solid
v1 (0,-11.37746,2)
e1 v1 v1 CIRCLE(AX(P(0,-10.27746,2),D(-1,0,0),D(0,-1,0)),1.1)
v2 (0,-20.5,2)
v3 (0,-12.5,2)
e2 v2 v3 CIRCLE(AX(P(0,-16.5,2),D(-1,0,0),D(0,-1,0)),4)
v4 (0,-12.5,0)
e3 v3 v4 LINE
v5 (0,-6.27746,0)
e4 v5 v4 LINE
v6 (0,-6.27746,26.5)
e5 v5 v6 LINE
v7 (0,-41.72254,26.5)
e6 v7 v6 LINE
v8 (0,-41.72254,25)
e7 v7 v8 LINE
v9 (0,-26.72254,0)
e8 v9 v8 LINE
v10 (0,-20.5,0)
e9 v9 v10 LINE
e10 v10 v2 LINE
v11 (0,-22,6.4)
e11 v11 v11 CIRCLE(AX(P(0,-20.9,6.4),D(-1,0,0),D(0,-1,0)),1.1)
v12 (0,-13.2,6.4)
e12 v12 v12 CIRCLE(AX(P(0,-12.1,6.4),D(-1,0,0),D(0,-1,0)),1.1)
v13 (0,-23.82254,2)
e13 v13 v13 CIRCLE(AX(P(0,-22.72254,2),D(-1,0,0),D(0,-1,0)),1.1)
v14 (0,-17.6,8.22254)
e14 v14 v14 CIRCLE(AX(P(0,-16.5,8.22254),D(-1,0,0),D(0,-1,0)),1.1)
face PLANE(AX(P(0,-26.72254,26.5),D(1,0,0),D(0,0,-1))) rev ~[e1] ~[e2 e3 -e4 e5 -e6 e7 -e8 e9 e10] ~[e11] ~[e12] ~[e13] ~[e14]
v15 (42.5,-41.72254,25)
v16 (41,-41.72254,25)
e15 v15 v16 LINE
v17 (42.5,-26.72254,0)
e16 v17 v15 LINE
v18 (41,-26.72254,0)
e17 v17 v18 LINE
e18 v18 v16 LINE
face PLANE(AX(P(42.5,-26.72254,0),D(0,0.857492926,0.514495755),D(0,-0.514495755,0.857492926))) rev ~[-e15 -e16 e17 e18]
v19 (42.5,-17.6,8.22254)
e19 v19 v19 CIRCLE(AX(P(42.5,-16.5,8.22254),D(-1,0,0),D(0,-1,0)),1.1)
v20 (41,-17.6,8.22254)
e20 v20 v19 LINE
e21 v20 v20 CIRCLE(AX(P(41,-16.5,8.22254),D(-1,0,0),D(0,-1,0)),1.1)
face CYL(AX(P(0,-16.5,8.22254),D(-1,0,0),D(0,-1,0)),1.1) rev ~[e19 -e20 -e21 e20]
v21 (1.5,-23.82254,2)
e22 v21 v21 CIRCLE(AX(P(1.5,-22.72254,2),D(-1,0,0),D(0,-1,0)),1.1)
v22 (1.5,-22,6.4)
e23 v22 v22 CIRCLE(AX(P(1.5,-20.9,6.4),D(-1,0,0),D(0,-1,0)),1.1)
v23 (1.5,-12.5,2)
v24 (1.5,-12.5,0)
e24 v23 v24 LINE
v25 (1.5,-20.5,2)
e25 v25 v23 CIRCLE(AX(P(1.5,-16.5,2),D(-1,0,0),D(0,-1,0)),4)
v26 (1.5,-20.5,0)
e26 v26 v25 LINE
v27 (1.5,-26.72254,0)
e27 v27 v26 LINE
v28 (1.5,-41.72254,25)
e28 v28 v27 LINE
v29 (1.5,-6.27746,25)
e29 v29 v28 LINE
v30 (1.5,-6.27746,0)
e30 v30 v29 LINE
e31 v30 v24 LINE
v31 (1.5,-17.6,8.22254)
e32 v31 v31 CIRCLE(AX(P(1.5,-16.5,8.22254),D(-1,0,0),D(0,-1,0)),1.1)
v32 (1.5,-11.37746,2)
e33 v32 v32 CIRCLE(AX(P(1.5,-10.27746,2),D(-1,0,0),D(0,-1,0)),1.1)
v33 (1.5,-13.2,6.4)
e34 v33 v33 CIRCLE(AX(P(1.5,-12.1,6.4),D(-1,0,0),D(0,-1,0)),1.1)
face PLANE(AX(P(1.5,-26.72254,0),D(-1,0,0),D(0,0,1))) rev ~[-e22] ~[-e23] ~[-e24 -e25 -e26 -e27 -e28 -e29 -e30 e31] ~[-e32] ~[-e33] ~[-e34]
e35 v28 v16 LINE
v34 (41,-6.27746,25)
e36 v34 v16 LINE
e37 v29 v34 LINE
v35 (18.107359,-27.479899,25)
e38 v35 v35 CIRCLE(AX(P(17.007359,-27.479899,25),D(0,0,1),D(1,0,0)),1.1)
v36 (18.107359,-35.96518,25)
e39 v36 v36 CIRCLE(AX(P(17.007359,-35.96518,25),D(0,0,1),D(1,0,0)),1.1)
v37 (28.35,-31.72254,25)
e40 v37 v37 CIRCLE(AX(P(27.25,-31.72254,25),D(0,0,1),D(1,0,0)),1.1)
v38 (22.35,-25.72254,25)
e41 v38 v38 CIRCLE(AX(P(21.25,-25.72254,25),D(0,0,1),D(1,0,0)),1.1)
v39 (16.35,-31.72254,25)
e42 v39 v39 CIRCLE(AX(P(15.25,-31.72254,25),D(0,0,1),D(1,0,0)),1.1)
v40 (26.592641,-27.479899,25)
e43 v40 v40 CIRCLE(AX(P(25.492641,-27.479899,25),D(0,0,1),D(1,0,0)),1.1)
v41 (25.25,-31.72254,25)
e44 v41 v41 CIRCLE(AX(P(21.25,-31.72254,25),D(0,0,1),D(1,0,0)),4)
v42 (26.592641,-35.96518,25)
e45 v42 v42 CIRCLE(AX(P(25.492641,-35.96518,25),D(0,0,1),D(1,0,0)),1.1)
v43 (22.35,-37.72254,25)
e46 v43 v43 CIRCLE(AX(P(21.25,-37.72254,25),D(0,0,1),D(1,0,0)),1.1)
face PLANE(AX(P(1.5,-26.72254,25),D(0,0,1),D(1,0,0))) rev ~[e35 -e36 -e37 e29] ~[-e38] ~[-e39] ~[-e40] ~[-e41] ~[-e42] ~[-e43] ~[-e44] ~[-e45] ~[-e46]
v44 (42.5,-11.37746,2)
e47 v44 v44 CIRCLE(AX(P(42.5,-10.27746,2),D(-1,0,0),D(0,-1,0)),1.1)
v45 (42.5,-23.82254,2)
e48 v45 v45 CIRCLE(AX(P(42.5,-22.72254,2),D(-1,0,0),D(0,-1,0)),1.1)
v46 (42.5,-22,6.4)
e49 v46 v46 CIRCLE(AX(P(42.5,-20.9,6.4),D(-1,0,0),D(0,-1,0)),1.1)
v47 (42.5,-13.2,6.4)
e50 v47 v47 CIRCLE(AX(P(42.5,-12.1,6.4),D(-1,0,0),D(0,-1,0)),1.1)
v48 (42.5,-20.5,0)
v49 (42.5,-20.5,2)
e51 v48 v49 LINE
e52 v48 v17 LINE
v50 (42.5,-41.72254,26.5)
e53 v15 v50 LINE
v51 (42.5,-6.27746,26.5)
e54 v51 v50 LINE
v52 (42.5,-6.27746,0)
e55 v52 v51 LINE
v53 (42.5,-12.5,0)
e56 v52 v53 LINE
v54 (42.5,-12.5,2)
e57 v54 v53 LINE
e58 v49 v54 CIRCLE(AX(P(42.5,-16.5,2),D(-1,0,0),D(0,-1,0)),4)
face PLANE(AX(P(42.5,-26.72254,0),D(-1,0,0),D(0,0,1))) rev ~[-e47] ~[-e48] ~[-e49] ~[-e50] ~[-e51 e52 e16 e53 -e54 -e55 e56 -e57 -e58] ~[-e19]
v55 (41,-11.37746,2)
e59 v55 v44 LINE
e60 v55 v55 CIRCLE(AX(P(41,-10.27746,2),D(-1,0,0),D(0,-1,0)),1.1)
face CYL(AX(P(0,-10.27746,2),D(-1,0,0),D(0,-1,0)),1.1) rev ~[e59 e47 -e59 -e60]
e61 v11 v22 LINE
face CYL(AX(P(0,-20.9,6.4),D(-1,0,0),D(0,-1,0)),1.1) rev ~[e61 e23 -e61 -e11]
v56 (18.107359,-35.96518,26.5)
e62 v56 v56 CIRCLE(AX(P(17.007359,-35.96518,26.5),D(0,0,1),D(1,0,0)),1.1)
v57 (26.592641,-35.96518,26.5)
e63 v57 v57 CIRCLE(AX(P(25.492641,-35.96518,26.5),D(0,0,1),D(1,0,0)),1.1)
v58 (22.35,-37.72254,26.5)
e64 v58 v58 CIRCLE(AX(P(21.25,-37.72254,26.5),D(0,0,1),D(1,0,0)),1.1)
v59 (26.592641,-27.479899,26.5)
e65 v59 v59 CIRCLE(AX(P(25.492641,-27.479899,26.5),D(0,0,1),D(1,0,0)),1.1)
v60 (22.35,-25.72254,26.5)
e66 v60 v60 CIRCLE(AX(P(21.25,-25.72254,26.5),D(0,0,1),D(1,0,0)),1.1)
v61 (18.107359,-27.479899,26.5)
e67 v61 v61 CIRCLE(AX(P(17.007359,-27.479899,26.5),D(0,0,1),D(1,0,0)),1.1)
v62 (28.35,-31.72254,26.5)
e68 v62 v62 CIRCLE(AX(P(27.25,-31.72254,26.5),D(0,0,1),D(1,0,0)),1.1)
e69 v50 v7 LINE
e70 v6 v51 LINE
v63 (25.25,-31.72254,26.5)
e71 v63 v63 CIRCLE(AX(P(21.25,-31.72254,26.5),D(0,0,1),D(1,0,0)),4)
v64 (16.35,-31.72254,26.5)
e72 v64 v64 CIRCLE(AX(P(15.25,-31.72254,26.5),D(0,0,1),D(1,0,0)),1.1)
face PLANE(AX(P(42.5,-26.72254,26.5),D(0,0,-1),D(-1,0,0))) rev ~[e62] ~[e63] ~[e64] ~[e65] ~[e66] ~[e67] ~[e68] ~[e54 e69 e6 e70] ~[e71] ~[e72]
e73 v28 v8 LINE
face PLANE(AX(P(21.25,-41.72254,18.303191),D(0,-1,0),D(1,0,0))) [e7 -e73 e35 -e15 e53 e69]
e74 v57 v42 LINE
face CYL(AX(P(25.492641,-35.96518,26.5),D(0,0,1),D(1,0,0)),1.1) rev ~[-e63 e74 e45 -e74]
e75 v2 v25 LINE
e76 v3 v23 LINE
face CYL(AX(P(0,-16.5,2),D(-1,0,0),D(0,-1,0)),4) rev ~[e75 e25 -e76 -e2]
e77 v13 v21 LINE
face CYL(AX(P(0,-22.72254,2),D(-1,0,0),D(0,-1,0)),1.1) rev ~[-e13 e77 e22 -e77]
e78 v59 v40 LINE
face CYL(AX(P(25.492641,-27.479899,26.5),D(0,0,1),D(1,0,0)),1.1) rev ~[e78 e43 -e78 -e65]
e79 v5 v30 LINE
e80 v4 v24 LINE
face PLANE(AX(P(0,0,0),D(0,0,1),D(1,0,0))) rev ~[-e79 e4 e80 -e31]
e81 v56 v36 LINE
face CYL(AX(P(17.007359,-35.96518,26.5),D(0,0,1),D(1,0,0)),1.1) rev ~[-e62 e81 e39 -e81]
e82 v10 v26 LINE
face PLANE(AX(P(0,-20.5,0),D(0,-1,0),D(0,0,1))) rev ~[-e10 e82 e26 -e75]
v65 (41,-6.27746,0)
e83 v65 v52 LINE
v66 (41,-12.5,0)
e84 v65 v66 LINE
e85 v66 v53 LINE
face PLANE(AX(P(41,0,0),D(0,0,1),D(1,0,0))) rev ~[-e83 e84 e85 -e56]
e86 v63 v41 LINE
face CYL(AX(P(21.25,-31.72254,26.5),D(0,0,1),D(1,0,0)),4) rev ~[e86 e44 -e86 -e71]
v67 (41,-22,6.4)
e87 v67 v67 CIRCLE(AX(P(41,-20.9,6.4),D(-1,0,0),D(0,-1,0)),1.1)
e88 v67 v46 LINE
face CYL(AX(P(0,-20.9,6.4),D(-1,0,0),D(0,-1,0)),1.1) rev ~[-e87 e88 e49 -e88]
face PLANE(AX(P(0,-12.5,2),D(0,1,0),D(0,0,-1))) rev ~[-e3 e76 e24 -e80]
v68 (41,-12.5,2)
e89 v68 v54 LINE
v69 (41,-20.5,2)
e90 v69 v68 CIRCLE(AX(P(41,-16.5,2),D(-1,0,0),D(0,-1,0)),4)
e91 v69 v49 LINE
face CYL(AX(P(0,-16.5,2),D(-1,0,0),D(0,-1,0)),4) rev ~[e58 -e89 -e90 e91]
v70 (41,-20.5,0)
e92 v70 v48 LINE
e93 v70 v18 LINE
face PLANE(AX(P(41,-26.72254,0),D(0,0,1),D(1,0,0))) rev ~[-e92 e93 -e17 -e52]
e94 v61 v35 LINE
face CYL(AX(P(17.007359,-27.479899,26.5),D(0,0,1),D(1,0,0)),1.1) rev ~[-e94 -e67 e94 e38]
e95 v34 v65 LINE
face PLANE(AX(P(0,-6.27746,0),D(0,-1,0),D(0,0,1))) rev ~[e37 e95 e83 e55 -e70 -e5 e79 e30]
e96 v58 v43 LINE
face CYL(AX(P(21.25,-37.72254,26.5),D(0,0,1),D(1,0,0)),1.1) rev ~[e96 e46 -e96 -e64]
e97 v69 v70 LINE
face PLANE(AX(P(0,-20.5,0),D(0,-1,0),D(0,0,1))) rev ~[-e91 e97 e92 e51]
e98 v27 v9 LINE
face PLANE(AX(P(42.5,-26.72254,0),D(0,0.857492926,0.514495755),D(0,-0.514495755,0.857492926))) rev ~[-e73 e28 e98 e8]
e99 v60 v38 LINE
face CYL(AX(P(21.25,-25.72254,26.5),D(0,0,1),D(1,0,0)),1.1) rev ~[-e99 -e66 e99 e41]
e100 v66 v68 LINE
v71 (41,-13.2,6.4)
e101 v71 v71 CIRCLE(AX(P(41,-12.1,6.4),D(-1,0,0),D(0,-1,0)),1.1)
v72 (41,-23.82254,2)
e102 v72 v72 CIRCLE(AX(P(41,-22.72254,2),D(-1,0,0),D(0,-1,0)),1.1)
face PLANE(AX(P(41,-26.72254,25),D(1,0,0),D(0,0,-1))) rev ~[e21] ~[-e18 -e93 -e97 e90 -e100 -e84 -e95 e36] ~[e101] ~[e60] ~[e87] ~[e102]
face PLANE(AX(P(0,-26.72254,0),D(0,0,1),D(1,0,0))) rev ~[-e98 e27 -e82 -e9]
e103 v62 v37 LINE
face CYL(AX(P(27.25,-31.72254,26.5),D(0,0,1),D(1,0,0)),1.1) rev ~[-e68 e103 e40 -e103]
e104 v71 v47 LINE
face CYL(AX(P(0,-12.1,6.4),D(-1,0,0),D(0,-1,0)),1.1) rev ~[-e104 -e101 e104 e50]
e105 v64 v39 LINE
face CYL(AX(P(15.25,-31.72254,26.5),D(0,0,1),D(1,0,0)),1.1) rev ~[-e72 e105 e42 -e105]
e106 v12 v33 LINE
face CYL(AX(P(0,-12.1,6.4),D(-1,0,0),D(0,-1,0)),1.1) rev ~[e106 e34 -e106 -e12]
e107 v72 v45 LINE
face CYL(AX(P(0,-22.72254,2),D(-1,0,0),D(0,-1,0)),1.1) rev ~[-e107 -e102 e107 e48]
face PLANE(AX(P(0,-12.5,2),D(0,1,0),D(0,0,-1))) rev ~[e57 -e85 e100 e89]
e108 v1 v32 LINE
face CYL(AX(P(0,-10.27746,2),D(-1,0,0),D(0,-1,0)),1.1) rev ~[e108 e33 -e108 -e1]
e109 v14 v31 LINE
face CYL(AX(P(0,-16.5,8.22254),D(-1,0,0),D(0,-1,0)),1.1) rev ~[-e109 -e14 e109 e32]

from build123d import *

# Parameters (mm, degrees)
F1_DEPTH = 33
F2_R     = 1.1
F2_W     = 6.2774603256
F2_H     = 1.5
F3_DEPTH = 42.501
F5_DEPTH = 15
F7_DEPTH = 42.501
F8_R     = 4
F8_R_2   = 1.1
F9_DEPTH = 1.5


with BuildPart() as f1:
    # F0 (on Front) → F1 (new body)
    with BuildSketch(Plane.XZ):
        Polygon((0, 26.5), (0, 0), (1.5, 0), (1.5, 25), (41, 25), (41, 0), (42.5, 0), (42.5, 26.5), align=None)
    extrude(amount=F1_DEPTH)

    # F2 (on face) → F3 (cut, through all)
    with BuildSketch(Plane(origin=(0, 0, 0), x_dir=(0, -1, 0), z_dir=(-1, 0, 0))):
        with BuildLine():
            Line((20.5, 0), (20.5, 2))
            ThreePointArc((20.5, 2), (16.5, 6), (12.5, 2))
            Line((12.5, 2), (12.5, 0))
            Line((12.5, 0), (20.5, 0))
        make_face()
        with Locations((22.7225396744, 2)):
            Circle(F2_R)
        with Locations((20.9, 6.4)):
            Circle(F2_R)
        with Locations((16.5, 8.2225396744)):
            Circle(F2_R)
        with Locations((12.1, 6.4)):
            Circle(F2_R)
        with Locations((10.2774603256, 2)):
            Circle(F2_R)
        Polygon((0, 0), (6.2774603256, 0), (0, 25), align=None)
        Polygon((0, 25), (6.2774603256, 0), (6.2774603256, 25), align=None)
        with Locations((3.1387301628, 25.75)):
            Rectangle(F2_W, F2_H)
        Polygon((26.7225396744, 0), (33, 0), (33, 25), align=None)
        Polygon((26.7225396744, 0), (33, 25), (26.7225396744, 25), align=None)
        with Locations((29.8612698372, 25.75)):
            Rectangle(F2_W, F2_H)
    extrude(amount=-F3_DEPTH, mode=Mode.SUBTRACT)

    # F4 (on face) → F5 (join)
    with BuildSketch(Plane.XZ.offset(26.7225396744)):
        Polygon((1.5, 0), (1.5, 25), (41, 25), (41, 0), (42.5, 0), (42.5, 26.5), (0, 26.5), (0, 0), align=None)
    extrude(amount=F5_DEPTH)

    # F6 (on face) → F7 (cut, through all)
    with BuildSketch(Plane.YZ.offset(42.5)):
        Polygon((-26.7225396744, 0), (-41.7225396744, 25), (-41.7225396744, 0), align=None)
    extrude(amount=-F7_DEPTH, mode=Mode.SUBTRACT)

    # F8 (on face) → F9 (cut, through all)
    with BuildSketch(Plane.XY.offset(26.5)):
        with Locations((21.25, -31.7225396744)):
            Circle(F8_R)
        with Locations((21.25, -37.7225396744)):
            Circle(F8_R_2)
        with Locations((25.4926406871, -35.9651803616)):
            Circle(F8_R_2)
        with Locations((27.25, -31.7225396744)):
            Circle(F8_R_2)
        with Locations((25.4926406871, -27.4798989873)):
            Circle(F8_R_2)
        with Locations((21.25, -25.7225396744)):
            Circle(F8_R_2)
        with Locations((17.0073593129, -27.4798989873)):
            Circle(F8_R_2)
        with Locations((15.25, -31.7225396744)):
            Circle(F8_R_2)
        with Locations((17.0073593129, -35.9651803616)):
            Circle(F8_R_2)
    extrude(amount=-F9_DEPTH, mode=Mode.SUBTRACT)


solid = f1.part
